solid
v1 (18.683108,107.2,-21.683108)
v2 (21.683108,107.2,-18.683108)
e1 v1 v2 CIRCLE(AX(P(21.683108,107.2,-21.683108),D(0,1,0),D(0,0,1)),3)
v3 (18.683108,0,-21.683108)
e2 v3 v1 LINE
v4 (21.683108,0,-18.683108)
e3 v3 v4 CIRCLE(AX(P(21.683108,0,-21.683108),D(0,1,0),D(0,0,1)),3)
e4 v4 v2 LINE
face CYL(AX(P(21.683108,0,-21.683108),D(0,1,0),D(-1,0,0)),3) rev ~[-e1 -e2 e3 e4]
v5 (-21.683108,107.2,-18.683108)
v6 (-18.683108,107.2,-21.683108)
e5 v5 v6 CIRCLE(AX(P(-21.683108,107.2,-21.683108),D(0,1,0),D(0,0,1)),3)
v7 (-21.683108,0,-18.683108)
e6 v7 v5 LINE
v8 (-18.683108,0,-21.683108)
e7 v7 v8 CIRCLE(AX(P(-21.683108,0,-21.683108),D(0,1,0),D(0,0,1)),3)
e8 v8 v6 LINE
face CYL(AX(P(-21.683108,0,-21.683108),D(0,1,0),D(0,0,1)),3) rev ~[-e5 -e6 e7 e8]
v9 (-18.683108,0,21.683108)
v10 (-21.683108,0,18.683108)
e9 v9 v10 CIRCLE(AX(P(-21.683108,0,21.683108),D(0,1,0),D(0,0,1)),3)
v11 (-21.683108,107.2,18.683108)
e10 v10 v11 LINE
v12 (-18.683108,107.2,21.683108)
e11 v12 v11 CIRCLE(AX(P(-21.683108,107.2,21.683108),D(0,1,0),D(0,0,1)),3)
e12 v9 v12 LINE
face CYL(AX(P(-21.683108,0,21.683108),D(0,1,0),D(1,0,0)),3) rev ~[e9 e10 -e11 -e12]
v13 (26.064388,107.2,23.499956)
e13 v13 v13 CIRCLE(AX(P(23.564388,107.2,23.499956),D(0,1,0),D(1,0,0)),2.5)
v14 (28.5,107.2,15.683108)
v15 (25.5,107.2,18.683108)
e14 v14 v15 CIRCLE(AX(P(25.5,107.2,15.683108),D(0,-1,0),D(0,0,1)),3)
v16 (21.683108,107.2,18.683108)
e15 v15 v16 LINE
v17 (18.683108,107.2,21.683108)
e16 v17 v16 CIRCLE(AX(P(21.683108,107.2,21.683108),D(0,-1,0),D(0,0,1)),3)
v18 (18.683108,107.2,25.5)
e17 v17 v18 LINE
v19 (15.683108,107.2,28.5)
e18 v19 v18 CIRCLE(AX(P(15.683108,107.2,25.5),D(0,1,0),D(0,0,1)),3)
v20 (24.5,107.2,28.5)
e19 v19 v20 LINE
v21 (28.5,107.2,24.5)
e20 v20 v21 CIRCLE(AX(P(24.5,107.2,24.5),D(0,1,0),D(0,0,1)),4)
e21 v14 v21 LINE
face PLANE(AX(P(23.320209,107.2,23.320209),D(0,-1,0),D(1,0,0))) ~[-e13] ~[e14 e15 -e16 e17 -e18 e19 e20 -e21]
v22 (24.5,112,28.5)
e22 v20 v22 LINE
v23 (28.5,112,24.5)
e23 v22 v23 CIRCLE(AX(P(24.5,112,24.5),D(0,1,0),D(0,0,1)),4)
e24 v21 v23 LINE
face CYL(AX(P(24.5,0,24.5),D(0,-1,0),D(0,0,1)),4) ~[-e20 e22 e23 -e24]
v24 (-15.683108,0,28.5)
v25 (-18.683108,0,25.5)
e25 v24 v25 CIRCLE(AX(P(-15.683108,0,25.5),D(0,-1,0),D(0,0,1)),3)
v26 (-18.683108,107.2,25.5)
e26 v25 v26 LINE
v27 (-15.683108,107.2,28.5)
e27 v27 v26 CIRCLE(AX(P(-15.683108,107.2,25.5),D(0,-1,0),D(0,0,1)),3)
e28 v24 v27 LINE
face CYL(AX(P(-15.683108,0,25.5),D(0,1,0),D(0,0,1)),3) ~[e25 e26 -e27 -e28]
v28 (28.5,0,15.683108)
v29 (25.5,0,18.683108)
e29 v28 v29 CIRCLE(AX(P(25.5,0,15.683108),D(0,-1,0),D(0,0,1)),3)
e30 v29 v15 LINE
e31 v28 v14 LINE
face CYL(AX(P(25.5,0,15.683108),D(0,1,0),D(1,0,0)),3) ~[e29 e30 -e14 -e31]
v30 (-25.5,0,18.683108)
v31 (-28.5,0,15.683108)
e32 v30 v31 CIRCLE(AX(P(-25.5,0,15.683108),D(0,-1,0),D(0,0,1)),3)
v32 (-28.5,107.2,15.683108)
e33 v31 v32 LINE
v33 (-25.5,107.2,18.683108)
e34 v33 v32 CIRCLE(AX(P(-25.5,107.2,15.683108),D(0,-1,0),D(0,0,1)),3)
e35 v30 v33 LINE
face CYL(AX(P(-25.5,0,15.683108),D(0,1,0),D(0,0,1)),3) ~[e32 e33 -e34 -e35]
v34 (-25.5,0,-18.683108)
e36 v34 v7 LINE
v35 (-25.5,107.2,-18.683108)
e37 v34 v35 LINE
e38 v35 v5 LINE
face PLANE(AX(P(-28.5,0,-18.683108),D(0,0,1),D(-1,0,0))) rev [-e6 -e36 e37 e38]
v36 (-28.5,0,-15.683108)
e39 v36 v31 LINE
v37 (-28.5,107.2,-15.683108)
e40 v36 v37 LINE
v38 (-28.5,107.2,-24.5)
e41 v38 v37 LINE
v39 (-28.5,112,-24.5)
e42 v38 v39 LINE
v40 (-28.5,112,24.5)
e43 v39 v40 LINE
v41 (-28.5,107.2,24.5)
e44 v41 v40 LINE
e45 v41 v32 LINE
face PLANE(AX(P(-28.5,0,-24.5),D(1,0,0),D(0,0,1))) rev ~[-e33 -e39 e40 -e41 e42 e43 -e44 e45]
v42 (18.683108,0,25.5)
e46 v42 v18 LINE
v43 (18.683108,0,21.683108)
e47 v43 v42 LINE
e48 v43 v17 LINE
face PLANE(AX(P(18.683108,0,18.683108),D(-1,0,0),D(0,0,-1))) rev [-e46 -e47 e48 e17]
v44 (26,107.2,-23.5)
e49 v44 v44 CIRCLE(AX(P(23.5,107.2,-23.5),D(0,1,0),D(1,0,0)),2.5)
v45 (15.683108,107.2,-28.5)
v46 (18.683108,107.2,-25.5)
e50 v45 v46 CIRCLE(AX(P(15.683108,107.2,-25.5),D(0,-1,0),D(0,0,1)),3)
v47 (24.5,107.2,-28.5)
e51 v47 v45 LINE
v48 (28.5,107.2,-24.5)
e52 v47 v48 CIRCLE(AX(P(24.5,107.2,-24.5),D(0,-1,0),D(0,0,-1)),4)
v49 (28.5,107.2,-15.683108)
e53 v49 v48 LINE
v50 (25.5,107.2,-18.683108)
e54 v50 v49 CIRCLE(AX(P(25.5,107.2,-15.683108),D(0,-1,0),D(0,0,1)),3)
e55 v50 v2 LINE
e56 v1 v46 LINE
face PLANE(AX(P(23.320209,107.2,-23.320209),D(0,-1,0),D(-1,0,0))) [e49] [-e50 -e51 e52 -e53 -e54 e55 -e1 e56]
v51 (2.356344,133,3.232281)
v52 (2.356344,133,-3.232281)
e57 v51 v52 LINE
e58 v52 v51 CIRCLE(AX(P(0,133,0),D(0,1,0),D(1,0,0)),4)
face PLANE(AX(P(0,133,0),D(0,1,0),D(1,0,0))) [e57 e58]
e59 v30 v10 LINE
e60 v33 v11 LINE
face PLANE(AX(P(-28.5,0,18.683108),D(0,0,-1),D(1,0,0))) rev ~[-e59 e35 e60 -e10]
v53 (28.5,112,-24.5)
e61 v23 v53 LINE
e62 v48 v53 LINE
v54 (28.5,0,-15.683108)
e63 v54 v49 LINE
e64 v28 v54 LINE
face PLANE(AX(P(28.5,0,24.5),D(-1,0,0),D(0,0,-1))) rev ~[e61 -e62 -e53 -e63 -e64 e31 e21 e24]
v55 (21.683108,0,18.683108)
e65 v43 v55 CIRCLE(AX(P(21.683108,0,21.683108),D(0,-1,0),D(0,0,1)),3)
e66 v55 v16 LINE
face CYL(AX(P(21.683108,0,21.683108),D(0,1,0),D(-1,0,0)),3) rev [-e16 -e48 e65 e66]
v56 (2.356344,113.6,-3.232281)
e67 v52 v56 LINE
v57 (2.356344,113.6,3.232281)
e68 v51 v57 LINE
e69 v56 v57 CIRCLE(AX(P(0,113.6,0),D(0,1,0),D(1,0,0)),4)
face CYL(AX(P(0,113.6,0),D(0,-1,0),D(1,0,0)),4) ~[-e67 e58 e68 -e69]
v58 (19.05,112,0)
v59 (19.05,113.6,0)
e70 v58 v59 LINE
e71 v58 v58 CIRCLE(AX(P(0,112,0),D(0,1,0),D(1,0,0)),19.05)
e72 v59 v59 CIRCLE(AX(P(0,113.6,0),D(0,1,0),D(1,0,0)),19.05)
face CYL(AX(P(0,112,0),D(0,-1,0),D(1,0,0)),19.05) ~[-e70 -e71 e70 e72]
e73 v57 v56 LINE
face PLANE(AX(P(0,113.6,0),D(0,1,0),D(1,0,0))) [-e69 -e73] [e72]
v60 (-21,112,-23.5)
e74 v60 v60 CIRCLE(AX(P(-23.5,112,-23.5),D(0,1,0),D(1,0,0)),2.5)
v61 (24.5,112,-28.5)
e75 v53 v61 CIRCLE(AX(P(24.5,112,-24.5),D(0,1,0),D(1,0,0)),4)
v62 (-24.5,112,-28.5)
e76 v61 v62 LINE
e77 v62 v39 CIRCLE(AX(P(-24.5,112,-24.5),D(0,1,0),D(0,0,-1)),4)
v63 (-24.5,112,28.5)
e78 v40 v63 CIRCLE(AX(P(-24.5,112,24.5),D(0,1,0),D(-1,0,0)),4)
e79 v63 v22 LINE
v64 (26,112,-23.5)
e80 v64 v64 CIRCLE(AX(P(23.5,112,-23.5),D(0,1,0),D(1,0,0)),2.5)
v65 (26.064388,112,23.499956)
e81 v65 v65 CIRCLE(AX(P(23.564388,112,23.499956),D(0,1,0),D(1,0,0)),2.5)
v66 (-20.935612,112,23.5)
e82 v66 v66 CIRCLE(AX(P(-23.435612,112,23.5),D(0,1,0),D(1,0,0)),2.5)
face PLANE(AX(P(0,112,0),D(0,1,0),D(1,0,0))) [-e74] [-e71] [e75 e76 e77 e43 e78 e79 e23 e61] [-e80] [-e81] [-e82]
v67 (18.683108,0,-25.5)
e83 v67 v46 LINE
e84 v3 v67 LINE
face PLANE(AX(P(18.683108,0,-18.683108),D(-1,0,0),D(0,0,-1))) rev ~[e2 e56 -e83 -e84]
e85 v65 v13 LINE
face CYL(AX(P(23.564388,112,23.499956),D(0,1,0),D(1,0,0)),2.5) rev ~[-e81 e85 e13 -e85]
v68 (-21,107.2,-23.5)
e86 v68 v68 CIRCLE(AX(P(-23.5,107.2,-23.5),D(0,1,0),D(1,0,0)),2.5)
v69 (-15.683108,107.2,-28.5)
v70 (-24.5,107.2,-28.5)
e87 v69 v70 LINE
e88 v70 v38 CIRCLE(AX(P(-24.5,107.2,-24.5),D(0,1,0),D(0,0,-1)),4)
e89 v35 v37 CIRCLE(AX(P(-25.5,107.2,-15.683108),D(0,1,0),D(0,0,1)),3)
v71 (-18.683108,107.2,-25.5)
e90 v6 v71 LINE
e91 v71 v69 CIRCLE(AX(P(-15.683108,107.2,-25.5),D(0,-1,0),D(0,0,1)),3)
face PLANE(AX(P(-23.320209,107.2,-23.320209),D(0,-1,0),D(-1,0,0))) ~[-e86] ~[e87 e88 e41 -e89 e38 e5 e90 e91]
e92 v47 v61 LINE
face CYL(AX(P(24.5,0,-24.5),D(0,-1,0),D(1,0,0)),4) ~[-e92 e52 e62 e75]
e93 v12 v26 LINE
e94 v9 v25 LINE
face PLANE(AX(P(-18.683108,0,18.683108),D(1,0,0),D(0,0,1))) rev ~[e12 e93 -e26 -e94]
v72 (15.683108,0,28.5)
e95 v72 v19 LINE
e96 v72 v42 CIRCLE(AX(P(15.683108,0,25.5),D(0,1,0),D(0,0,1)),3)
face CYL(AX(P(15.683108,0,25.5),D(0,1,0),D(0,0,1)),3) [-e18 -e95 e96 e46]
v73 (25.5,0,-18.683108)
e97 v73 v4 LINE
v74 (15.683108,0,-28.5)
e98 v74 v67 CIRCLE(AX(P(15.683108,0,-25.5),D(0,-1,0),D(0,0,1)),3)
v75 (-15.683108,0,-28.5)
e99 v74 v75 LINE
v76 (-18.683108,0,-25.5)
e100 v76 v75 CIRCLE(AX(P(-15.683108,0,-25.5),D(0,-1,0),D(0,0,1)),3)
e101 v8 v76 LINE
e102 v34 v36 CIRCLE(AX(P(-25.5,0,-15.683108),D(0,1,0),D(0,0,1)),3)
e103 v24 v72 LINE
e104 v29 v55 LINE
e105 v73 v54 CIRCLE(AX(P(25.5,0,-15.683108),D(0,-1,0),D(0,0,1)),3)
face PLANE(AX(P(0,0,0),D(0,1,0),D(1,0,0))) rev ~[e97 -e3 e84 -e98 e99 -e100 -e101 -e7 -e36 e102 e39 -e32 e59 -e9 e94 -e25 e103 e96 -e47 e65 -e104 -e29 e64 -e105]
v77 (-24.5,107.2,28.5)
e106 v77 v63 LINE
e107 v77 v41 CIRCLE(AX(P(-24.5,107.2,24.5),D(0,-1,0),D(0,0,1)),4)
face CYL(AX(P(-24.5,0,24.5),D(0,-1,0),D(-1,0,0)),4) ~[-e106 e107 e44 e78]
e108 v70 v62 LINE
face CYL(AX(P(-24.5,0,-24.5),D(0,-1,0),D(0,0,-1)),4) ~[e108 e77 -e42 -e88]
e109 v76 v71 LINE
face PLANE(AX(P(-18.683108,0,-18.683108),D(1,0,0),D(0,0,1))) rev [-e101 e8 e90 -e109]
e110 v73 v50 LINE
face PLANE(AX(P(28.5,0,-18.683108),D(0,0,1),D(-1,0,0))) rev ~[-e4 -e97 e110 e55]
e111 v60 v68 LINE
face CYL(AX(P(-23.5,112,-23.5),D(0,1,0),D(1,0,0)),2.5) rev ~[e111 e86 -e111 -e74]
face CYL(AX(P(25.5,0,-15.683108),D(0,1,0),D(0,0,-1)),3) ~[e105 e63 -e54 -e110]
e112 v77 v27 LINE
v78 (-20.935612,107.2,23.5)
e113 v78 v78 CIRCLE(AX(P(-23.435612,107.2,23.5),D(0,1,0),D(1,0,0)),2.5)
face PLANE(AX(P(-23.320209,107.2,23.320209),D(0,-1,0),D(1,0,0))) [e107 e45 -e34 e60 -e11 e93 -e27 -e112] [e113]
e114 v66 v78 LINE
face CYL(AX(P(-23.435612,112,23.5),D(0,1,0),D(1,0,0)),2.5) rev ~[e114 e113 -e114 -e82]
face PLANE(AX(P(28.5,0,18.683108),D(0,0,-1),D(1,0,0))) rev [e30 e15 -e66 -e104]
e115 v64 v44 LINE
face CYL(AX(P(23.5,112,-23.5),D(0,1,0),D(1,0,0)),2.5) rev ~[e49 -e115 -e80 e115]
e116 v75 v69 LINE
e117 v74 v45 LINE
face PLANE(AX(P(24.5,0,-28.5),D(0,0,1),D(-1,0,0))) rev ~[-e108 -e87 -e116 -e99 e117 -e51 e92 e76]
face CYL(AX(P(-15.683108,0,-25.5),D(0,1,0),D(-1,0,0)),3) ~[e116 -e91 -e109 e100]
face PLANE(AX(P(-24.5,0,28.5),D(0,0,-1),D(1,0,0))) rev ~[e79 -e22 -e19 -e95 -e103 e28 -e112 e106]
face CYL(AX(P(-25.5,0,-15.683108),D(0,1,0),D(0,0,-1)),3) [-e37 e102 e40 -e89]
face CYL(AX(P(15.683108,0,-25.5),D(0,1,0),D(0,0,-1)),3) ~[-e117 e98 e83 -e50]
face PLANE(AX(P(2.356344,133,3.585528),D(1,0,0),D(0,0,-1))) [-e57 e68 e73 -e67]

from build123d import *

# Parameters (mm, degrees)
BOSS_EXTRUDE1_DEPTH  = 112
SKETCH2_R            = 19.05
BOSS_EXTRUDE2_DEPTH  = 1.6
SKETCH3_R            = 4
BOSS_EXTRUDE3_DEPTH  = 19.4
SKETCH4_W            = 7.896046337
SKETCH4_H            = 7.324948646
CUT_EXTRUDE1_DEPTH   = 19.4
CUT_EXTRUDE2_DEPTH   = 107.2
MIRROR2_COPY_1_DEPTH = 107.2
FILLET1_R            = 3
SKETCH6_R            = 2.5
CUT_EXTRUDE3_DEPTH   = 107.2


with BuildPart() as part:
    # Sketch1 → Boss-Extrude1 (new body)
    with BuildSketch(Plane(origin=(0, 0, 0), x_dir=(1, 0, 0), z_dir=(0, 1, 0))):
        with BuildLine():
            Line((-24.5, -28.5), (24.5, -28.5))
            ThreePointArc((24.5, -28.5), (27.328427125, -27.328427125), (28.5, -24.5))
            Line((28.5, -24.5), (28.5, 24.5))
            ThreePointArc((28.5, 24.5), (27.328427125, 27.328427125), (24.5, 28.5))
            Line((24.5, 28.5), (-24.5, 28.5))
            ThreePointArc((-24.5, 28.5), (-27.328427125, 27.328427125), (-28.5, 24.5))
            Line((-28.5, 24.5), (-28.5, -24.5))
            ThreePointArc((-28.5, -24.5), (-27.328427125, -27.328427125), (-24.5, -28.5))
        make_face()
    extrude(amount=BOSS_EXTRUDE1_DEPTH)

    # Sketch2 → Boss-Extrude2 (add)
    with BuildSketch(Plane(origin=(0, 112, 0), x_dir=(1, 0, 0), z_dir=(0, 1, 0))):
        Circle(SKETCH2_R)
    extrude(amount=BOSS_EXTRUDE2_DEPTH)

    # Sketch3 → Boss-Extrude3 (add)
    with BuildSketch(Plane(origin=(0, 113.6, 0), x_dir=(1, 0, 0), z_dir=(0, 1, 0))):
        Circle(SKETCH3_R)
    extrude(amount=BOSS_EXTRUDE3_DEPTH)

    # Sketch4 → Cut-Extrude1 (cut)
    with BuildSketch(Plane(origin=(0, 133, 0), x_dir=(1, 0, 0), z_dir=(0, 1, 0))):
        with Locations((6.304367274, 0.076945889)):
            Rectangle(SKETCH4_W, SKETCH4_H)
    extrude(amount=-CUT_EXTRUDE1_DEPTH, mode=Mode.SUBTRACT)

    # Sketch5 → Cut-Extrude2 (cut)
    with BuildSketch(Plane.XZ):
        with BuildLine():
            Line((-28.5, 24.5), (-28.5, 18.683107864))
            Line((-28.5, 18.683107864), (-18.683107864, 18.683107864))
            Line((-18.683107864, 18.683107864), (-18.683107864, 28.5))
            Line((-18.683107864, 28.5), (-24.5, 28.5))
            ThreePointArc((-24.5, 28.5), (-27.328427125, 27.328427125), (-28.5, 24.5))
        make_face()
    cut_extrude2 = extrude(amount=-CUT_EXTRUDE2_DEPTH, mode=Mode.SUBTRACT)

    # Mirror1: Cut-Extrude2 across plane
    add(cut_extrude2.mirror(Plane(origin=(0, 0, 0), x_dir=(0, 0, 1), z_dir=(1, 0, 0))), mode=Mode.SUBTRACT)

    # Mirror2: Cut-Extrude2 across plane
    add(cut_extrude2.mirror(Plane.XY), mode=Mode.SUBTRACT)

    # Mirror2 copy 1 sketch → Mirror2 copy 1 (cut)
    with BuildSketch(Plane(origin=(0, 0, 0), x_dir=(-1, 0, 0), z_dir=(0, -1, 0))):
        with BuildLine():
            Line((-28.5, 24.5), (-28.5, 18.683107864))
            Line((-28.5, 18.683107864), (-18.683107864, 18.683107864))
            Line((-18.683107864, 18.683107864), (-18.683107864, 28.5))
            Line((-18.683107864, 28.5), (-24.5, 28.5))
            ThreePointArc((-24.5, 28.5), (-27.328427125, 27.328427125), (-28.5, 24.5))
        make_face()
    extrude(amount=-MIRROR2_COPY_1_DEPTH, mode=Mode.SUBTRACT)

    # Fillet1
    fillet1_edges = [part.edges().sort_by_distance(p)[0] for p in [
        (-18.683107864, 53.6, -18.683107864),
        (-18.683107864, 53.6, -28.5),
        (-28.5, 53.6, -18.683107864),
        (-18.683107864, 53.6, 28.5),
        (-18.683107864, 53.6, 18.683107864),
        (-28.5, 53.6, 18.683107864),
        (18.683107864, 53.6, 18.683107864),
        (18.683107864, 53.6, 28.5),
        (28.5, 53.6, 18.683107864),
        (18.683107864, 53.6, -28.5),
        (18.683107864, 53.6, -18.683107864),
        (28.5, 53.6, -18.683107864),
    ]]
    fillet(fillet1_edges, radius=FILLET1_R)

    # Sketch6 → Cut-Extrude3 (cut)
    with BuildSketch(Plane(origin=(0, 112, 0), x_dir=(1, 0, 0), z_dir=(0, 1, 0))):
        with Locations((23.5, 23.5)):
            Circle(SKETCH6_R)
        with Locations((23.564387561, -23.499955896)):
            Circle(SKETCH6_R)
        with Locations((-23.5, 23.5)):
            Circle(SKETCH6_R)
        with Locations((-23.435612439, -23.5)):
            Circle(SKETCH6_R)
    extrude(amount=-CUT_EXTRUDE3_DEPTH, mode=Mode.SUBTRACT)


solid = part.part
